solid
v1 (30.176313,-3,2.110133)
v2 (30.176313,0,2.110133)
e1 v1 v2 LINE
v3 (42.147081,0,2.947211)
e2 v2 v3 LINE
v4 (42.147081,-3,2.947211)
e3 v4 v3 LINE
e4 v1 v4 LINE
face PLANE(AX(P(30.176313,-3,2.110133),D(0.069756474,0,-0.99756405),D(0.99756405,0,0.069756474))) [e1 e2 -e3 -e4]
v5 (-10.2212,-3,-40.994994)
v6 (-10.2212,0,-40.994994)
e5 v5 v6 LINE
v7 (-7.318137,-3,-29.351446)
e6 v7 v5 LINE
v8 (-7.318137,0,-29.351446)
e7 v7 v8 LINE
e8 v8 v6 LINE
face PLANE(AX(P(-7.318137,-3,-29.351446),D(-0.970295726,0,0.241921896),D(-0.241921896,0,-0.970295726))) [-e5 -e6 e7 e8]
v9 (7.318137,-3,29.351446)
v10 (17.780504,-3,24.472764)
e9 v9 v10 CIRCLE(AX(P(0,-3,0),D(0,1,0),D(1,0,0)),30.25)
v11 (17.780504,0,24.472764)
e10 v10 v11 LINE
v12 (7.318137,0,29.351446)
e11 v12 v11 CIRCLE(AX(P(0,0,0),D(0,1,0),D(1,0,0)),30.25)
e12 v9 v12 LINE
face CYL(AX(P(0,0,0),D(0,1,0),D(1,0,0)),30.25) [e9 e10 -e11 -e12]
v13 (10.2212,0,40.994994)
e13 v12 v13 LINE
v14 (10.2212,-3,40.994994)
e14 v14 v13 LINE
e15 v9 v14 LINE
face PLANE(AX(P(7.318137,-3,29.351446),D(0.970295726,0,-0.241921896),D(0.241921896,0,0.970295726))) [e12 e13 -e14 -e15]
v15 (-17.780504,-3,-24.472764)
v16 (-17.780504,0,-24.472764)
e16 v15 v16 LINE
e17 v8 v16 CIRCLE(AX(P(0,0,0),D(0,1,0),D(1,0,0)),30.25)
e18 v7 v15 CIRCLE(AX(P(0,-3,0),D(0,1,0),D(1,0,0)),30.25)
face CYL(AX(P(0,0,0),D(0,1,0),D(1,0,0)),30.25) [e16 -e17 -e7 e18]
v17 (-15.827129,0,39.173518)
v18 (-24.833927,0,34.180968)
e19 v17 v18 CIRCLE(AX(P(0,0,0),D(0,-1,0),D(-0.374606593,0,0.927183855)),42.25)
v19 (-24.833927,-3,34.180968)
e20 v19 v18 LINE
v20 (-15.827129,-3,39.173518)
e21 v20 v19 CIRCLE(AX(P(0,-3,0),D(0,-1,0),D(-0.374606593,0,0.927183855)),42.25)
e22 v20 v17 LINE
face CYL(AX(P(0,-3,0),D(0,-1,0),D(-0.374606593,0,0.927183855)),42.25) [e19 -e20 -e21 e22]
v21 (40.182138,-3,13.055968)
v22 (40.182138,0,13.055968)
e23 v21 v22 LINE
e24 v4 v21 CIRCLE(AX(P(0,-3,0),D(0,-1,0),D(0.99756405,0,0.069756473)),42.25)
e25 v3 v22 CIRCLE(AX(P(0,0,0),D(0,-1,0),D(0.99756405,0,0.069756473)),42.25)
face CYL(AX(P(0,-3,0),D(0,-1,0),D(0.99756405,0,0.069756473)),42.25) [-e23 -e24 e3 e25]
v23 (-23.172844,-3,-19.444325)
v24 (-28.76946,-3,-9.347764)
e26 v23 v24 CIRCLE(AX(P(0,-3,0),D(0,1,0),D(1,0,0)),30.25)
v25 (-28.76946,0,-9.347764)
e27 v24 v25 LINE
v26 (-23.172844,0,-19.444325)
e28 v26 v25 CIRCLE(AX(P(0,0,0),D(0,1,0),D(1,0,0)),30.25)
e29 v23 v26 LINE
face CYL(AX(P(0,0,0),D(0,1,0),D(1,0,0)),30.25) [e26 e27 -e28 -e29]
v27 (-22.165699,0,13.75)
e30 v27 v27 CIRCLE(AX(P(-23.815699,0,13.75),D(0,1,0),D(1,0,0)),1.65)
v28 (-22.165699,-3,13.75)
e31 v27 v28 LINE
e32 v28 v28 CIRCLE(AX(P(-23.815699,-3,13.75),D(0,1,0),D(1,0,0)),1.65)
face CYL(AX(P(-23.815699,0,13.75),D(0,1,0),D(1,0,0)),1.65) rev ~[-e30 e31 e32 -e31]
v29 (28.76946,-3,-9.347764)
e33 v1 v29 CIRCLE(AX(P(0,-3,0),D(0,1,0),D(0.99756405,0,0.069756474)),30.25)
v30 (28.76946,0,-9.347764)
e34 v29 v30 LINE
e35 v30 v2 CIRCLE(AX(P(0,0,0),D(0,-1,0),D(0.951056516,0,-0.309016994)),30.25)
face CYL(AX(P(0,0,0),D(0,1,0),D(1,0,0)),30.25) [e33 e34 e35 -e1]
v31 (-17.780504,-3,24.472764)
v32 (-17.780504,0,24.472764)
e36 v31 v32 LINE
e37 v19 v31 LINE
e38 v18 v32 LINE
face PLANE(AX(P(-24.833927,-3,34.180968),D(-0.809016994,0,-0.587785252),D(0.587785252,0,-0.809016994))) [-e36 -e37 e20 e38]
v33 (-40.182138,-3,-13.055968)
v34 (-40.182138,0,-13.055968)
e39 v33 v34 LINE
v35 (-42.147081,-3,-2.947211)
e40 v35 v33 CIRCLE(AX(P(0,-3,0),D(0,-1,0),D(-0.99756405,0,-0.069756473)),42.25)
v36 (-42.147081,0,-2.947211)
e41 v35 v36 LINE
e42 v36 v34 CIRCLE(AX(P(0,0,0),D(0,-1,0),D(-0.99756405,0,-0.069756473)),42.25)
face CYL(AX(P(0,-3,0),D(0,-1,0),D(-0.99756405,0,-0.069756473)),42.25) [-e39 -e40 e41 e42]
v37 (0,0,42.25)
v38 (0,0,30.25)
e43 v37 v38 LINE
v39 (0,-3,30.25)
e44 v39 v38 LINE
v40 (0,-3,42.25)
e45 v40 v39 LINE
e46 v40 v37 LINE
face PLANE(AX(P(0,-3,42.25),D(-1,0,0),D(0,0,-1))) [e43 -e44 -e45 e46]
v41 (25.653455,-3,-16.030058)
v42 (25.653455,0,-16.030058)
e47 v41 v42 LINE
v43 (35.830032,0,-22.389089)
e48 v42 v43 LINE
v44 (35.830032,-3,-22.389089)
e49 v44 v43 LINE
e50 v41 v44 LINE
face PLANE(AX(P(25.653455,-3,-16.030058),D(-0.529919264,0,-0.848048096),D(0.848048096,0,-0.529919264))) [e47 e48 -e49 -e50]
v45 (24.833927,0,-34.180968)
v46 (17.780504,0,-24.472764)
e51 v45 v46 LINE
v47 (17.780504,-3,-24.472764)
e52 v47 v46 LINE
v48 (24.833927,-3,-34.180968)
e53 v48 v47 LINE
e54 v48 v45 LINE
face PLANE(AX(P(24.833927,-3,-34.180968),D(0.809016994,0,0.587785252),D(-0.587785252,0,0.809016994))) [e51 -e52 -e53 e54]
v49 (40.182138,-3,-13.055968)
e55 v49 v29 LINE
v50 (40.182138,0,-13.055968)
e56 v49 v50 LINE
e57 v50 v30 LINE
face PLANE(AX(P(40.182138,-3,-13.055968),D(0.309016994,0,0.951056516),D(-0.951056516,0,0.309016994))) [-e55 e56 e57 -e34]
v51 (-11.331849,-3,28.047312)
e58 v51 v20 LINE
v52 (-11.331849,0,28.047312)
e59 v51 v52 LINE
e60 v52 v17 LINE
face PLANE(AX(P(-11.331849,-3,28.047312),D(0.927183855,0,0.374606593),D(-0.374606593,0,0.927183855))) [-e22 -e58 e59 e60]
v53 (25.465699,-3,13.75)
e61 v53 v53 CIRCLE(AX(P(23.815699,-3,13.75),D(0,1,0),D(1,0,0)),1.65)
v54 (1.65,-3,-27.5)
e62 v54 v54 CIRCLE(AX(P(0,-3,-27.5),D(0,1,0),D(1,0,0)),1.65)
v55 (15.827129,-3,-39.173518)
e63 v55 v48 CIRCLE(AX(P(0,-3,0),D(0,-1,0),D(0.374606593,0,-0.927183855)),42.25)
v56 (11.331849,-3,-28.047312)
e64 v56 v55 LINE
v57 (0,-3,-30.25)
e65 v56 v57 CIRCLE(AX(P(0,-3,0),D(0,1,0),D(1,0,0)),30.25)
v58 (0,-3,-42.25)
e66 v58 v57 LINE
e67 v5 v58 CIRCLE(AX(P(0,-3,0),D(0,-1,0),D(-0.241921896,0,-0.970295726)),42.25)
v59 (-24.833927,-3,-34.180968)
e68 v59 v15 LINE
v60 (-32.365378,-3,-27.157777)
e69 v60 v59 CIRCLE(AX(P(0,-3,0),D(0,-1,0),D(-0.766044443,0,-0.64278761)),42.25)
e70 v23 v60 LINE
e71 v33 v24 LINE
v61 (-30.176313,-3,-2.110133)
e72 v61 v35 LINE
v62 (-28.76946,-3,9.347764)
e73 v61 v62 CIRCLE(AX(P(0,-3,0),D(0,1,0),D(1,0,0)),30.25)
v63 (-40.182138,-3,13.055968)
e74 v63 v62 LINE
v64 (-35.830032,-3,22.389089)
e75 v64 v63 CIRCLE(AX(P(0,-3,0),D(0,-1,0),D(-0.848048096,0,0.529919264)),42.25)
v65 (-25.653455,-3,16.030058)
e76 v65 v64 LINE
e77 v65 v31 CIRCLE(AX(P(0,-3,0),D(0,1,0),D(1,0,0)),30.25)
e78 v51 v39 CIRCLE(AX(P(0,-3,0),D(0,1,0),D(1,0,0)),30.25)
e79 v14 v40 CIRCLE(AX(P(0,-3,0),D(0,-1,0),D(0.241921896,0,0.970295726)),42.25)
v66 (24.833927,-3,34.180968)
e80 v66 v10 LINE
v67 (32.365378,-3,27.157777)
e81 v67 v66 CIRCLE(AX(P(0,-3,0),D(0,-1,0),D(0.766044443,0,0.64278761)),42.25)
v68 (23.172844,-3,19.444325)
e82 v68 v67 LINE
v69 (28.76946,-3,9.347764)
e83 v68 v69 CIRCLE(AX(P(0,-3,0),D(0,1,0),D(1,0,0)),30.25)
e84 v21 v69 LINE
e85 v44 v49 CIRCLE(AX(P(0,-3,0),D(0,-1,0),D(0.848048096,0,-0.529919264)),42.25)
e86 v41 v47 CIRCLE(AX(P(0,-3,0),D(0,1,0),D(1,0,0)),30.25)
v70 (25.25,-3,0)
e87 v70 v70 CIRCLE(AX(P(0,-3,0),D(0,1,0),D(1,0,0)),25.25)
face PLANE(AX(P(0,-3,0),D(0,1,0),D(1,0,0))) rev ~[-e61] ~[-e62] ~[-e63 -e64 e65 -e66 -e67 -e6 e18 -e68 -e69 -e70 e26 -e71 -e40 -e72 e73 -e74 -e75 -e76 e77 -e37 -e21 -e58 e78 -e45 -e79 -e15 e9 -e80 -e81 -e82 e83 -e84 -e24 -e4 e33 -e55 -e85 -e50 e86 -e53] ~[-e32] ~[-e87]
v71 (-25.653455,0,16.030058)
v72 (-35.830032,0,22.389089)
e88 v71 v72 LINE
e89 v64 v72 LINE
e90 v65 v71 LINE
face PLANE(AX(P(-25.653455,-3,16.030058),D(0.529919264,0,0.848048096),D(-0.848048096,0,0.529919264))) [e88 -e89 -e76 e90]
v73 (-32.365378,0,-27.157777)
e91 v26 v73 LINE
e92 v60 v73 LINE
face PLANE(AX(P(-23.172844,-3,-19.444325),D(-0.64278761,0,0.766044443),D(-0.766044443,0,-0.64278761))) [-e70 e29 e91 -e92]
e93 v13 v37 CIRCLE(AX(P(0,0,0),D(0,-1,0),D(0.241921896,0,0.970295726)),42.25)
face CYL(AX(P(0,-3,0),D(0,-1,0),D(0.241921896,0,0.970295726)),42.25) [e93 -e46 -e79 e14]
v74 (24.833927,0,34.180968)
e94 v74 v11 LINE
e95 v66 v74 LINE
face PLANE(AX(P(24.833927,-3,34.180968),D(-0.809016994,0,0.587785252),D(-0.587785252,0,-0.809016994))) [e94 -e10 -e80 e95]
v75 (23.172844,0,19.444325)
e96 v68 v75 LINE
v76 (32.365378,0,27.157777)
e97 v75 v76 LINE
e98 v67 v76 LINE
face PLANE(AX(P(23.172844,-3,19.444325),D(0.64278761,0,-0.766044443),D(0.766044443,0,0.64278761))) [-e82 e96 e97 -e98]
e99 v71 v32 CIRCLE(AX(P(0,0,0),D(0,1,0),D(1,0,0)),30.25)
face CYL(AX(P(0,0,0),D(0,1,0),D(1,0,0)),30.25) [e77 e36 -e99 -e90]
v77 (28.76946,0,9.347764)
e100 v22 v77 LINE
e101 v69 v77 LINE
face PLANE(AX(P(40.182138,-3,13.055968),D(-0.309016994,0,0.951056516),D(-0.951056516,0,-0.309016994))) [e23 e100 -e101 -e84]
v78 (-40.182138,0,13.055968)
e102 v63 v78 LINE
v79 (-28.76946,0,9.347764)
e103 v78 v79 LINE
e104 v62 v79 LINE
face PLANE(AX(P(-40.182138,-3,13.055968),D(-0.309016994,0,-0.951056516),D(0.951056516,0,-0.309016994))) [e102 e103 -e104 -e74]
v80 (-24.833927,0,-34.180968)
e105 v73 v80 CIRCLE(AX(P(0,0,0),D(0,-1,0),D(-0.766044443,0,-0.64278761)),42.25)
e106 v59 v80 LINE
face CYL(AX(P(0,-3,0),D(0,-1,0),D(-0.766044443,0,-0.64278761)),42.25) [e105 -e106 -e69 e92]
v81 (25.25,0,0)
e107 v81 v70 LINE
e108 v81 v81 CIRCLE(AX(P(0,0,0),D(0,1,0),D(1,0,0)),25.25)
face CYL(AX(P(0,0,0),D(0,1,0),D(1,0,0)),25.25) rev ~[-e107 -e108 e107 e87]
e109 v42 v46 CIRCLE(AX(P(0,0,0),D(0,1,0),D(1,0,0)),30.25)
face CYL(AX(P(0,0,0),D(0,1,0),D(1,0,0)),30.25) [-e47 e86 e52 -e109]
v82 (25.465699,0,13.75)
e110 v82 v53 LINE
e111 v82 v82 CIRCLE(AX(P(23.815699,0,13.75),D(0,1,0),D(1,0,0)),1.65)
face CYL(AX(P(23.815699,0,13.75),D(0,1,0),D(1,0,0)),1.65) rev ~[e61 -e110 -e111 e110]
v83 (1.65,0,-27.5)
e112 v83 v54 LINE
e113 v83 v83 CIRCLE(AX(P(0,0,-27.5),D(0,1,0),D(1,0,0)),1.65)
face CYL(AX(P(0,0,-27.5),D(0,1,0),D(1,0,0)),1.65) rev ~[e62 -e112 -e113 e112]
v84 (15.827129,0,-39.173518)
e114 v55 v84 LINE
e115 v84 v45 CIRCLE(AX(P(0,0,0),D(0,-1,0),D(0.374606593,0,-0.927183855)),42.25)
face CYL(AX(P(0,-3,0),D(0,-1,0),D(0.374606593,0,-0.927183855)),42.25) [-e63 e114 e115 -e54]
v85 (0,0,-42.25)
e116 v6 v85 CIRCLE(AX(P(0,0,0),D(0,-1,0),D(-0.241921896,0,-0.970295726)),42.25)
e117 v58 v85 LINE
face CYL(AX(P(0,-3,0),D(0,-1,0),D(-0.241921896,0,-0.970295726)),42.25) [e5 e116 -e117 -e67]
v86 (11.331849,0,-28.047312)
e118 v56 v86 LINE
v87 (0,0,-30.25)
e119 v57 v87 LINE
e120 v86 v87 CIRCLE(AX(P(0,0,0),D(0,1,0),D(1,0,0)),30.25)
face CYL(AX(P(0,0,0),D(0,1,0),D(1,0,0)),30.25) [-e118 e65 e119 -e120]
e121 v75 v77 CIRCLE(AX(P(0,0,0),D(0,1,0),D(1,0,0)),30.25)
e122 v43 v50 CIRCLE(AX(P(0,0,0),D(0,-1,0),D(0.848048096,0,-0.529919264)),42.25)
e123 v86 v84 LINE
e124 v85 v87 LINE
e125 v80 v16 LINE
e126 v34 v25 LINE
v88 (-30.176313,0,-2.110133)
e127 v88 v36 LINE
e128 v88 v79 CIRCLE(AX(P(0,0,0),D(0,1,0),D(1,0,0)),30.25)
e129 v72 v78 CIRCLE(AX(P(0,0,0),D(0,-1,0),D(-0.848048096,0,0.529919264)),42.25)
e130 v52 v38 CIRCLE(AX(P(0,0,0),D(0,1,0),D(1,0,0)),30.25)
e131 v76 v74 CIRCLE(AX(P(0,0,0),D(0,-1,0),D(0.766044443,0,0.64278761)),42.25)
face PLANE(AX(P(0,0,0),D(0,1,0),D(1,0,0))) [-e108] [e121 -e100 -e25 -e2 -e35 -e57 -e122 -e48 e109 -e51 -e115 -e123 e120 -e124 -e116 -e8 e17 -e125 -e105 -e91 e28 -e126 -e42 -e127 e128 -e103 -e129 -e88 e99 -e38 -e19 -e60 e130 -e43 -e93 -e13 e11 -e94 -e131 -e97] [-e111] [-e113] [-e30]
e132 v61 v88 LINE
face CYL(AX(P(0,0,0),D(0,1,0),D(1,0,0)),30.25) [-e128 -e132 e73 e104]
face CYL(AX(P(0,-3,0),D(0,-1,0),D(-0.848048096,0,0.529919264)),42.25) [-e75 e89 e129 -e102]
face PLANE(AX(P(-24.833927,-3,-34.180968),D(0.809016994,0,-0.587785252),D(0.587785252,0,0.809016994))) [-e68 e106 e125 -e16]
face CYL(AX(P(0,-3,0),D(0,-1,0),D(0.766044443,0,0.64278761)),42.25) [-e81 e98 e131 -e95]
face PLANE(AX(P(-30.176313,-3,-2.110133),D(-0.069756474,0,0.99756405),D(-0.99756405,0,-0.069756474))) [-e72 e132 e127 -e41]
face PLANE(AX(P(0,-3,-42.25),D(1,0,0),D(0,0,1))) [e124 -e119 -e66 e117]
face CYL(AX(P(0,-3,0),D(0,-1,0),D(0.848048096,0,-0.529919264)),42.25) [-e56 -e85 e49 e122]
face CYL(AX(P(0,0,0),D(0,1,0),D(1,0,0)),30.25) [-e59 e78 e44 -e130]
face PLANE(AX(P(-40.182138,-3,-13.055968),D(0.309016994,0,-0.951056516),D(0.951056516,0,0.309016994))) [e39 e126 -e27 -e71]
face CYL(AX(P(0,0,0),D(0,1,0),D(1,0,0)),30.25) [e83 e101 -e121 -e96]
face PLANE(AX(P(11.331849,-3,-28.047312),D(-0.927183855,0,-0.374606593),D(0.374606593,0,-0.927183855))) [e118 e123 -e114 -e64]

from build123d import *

# Parameters (mm, degrees)
SKETCH1_R           = 30.25
SKETCH1_R_2         = 25.25
EXTRUDE_THIN1_DEPTH = 3
SKETCH2_R           = 1.65
CUT_EXTRUDE3_DEPTH  = 10
BOSS_EXTRUDE1_DEPTH = 3


with BuildPart() as part:
    # Sketch1 → Extrude-Thin1 (new body)
    with BuildSketch(Plane(origin=(0, 0, 0), x_dir=(1, 0, 0), z_dir=(0, 1, 0))):
        Circle(SKETCH1_R)
        Circle(SKETCH1_R_2, mode=Mode.SUBTRACT)
    extrude(amount=-EXTRUDE_THIN1_DEPTH)

    # Sketch2 → Cut-Extrude3 (cut)
    with BuildSketch(Plane(origin=(0, 0, 0), x_dir=(1, 0, 0), z_dir=(0, 1, 0))):
        with Locations((0, 27.5)):
            Circle(SKETCH2_R)
        with Locations((23.815698604, -13.75)):
            Circle(SKETCH2_R)
        with Locations((-23.815698604, -13.75)):
            Circle(SKETCH2_R)
    extrude(amount=-CUT_EXTRUDE3_DEPTH, mode=Mode.SUBTRACT)

    # Sketch5 → Boss-Extrude1 (add)
    with BuildSketch(Plane.XZ.offset(3)):
        with BuildLine():
            Line((0, 42.25), (0, 30.25))
            ThreePointArc((0, 30.25), (3.686547638, 30.024521087), (7.318137342, 29.35144572))
            Line((7.318137342, 29.35144572), (10.221200089, 40.994994435))
            ThreePointArc((10.221200089, 40.994994435), (5.148979759, 41.935074907), (0, 42.25))
        make_face()
        with BuildLine():
            Line((24.833926909, 34.180968012), (17.780503882, 24.47276408))
            ThreePointArc((17.780503882, 24.47276408), (20.630450392, 22.123449474), (23.172844404, 19.444325193))
            Line((23.172844404, 19.444325193), (32.365377722, 27.157776509))
            ThreePointArc((32.365377722, 27.157776509), (28.814430713, 30.899693893), (24.833926909, 34.180968012))
        make_face()
        with BuildLine():
            Line((40.182137813, 13.055968012), (28.769459618, 9.34776408))
            ThreePointArc((28.769459618, 9.34776408), (29.694222299, 5.77197211), (30.17631252, 2.110133331))
            Line((30.17631252, 2.110133331), (42.147081123, 2.947211016))
            ThreePointArc((42.147081123, 2.947211016), (41.473748501, 8.061680055), (40.182137813, 13.055968012))
        make_face()
        with BuildLine():
            Line((40.182137813, -13.055968012), (28.769459618, -9.34776408))
            ThreePointArc((28.769459618, -9.34776408), (27.415810558, -12.784202418), (25.653454909, -16.030057743))
            Line((25.653454909, -16.030057743), (35.830032063, -22.389088914))
            ThreePointArc((35.830032063, -22.389088914), (38.291504002, -17.855621559), (40.182137813, -13.055968012))
        make_face()
        with BuildLine():
            Line((24.833926909, -34.180968012), (17.780503882, -24.47276408))
            ThreePointArc((17.780503882, -24.47276408), (14.665491012, -26.457246141), (11.331849451, -28.047311601))
            Line((11.331849451, -28.047311601), (15.827128572, -39.173517855))
            ThreePointArc((15.827128572, -39.173517855), (20.483206455, -36.952682627), (24.833926909, -34.180968012))
        make_face()
        with BuildLine():
            Line((0, -42.25), (0, -30.25))
            ThreePointArc((0, -30.25), (-3.686547638, -30.024521087), (-7.318137342, -29.35144572))
            Line((-7.318137342, -29.35144572), (-10.221200089, -40.994994435))
            ThreePointArc((-10.221200089, -40.994994435), (-5.148979759, -41.935074907), (0, -42.25))
        make_face()
        with BuildLine():
            Line((-24.833926909, -34.180968012), (-17.780503882, -24.47276408))
            ThreePointArc((-17.780503882, -24.47276408), (-20.630450392, -22.123449474), (-23.172844404, -19.444325193))
            Line((-23.172844404, -19.444325193), (-32.365377722, -27.157776509))
            ThreePointArc((-32.365377722, -27.157776509), (-28.814430713, -30.899693893), (-24.833926909, -34.180968012))
        make_face()
        with BuildLine():
            Line((-40.182137813, -13.055968012), (-28.769459618, -9.34776408))
            ThreePointArc((-28.769459618, -9.34776408), (-29.694222299, -5.77197211), (-30.17631252, -2.110133331))
            Line((-30.17631252, -2.110133331), (-42.147081123, -2.947211016))
            ThreePointArc((-42.147081123, -2.947211016), (-41.473748501, -8.061680055), (-40.182137813, -13.055968012))
        make_face()
        with BuildLine():
            Line((-40.182137813, 13.055968012), (-28.769459618, 9.34776408))
            ThreePointArc((-28.769459618, 9.34776408), (-27.415810558, 12.784202418), (-25.653454909, 16.030057743))
            Line((-25.653454909, 16.030057743), (-35.830032063, 22.389088914))
            ThreePointArc((-35.830032063, 22.389088914), (-38.291504002, 17.855621559), (-40.182137813, 13.055968012))
        make_face()
        with BuildLine():
            Line((-24.833926909, 34.180968012), (-17.780503882, 24.47276408))
            ThreePointArc((-17.780503882, 24.47276408), (-14.665491012, 26.457246141), (-11.331849451, 28.047311601))
            Line((-11.331849451, 28.047311601), (-15.827128572, 39.173517855))
            ThreePointArc((-15.827128572, 39.173517855), (-20.483206455, 36.952682627), (-24.833926909, 34.180968012))
        make_face()
    extrude(amount=-BOSS_EXTRUDE1_DEPTH)


solid = part.part
